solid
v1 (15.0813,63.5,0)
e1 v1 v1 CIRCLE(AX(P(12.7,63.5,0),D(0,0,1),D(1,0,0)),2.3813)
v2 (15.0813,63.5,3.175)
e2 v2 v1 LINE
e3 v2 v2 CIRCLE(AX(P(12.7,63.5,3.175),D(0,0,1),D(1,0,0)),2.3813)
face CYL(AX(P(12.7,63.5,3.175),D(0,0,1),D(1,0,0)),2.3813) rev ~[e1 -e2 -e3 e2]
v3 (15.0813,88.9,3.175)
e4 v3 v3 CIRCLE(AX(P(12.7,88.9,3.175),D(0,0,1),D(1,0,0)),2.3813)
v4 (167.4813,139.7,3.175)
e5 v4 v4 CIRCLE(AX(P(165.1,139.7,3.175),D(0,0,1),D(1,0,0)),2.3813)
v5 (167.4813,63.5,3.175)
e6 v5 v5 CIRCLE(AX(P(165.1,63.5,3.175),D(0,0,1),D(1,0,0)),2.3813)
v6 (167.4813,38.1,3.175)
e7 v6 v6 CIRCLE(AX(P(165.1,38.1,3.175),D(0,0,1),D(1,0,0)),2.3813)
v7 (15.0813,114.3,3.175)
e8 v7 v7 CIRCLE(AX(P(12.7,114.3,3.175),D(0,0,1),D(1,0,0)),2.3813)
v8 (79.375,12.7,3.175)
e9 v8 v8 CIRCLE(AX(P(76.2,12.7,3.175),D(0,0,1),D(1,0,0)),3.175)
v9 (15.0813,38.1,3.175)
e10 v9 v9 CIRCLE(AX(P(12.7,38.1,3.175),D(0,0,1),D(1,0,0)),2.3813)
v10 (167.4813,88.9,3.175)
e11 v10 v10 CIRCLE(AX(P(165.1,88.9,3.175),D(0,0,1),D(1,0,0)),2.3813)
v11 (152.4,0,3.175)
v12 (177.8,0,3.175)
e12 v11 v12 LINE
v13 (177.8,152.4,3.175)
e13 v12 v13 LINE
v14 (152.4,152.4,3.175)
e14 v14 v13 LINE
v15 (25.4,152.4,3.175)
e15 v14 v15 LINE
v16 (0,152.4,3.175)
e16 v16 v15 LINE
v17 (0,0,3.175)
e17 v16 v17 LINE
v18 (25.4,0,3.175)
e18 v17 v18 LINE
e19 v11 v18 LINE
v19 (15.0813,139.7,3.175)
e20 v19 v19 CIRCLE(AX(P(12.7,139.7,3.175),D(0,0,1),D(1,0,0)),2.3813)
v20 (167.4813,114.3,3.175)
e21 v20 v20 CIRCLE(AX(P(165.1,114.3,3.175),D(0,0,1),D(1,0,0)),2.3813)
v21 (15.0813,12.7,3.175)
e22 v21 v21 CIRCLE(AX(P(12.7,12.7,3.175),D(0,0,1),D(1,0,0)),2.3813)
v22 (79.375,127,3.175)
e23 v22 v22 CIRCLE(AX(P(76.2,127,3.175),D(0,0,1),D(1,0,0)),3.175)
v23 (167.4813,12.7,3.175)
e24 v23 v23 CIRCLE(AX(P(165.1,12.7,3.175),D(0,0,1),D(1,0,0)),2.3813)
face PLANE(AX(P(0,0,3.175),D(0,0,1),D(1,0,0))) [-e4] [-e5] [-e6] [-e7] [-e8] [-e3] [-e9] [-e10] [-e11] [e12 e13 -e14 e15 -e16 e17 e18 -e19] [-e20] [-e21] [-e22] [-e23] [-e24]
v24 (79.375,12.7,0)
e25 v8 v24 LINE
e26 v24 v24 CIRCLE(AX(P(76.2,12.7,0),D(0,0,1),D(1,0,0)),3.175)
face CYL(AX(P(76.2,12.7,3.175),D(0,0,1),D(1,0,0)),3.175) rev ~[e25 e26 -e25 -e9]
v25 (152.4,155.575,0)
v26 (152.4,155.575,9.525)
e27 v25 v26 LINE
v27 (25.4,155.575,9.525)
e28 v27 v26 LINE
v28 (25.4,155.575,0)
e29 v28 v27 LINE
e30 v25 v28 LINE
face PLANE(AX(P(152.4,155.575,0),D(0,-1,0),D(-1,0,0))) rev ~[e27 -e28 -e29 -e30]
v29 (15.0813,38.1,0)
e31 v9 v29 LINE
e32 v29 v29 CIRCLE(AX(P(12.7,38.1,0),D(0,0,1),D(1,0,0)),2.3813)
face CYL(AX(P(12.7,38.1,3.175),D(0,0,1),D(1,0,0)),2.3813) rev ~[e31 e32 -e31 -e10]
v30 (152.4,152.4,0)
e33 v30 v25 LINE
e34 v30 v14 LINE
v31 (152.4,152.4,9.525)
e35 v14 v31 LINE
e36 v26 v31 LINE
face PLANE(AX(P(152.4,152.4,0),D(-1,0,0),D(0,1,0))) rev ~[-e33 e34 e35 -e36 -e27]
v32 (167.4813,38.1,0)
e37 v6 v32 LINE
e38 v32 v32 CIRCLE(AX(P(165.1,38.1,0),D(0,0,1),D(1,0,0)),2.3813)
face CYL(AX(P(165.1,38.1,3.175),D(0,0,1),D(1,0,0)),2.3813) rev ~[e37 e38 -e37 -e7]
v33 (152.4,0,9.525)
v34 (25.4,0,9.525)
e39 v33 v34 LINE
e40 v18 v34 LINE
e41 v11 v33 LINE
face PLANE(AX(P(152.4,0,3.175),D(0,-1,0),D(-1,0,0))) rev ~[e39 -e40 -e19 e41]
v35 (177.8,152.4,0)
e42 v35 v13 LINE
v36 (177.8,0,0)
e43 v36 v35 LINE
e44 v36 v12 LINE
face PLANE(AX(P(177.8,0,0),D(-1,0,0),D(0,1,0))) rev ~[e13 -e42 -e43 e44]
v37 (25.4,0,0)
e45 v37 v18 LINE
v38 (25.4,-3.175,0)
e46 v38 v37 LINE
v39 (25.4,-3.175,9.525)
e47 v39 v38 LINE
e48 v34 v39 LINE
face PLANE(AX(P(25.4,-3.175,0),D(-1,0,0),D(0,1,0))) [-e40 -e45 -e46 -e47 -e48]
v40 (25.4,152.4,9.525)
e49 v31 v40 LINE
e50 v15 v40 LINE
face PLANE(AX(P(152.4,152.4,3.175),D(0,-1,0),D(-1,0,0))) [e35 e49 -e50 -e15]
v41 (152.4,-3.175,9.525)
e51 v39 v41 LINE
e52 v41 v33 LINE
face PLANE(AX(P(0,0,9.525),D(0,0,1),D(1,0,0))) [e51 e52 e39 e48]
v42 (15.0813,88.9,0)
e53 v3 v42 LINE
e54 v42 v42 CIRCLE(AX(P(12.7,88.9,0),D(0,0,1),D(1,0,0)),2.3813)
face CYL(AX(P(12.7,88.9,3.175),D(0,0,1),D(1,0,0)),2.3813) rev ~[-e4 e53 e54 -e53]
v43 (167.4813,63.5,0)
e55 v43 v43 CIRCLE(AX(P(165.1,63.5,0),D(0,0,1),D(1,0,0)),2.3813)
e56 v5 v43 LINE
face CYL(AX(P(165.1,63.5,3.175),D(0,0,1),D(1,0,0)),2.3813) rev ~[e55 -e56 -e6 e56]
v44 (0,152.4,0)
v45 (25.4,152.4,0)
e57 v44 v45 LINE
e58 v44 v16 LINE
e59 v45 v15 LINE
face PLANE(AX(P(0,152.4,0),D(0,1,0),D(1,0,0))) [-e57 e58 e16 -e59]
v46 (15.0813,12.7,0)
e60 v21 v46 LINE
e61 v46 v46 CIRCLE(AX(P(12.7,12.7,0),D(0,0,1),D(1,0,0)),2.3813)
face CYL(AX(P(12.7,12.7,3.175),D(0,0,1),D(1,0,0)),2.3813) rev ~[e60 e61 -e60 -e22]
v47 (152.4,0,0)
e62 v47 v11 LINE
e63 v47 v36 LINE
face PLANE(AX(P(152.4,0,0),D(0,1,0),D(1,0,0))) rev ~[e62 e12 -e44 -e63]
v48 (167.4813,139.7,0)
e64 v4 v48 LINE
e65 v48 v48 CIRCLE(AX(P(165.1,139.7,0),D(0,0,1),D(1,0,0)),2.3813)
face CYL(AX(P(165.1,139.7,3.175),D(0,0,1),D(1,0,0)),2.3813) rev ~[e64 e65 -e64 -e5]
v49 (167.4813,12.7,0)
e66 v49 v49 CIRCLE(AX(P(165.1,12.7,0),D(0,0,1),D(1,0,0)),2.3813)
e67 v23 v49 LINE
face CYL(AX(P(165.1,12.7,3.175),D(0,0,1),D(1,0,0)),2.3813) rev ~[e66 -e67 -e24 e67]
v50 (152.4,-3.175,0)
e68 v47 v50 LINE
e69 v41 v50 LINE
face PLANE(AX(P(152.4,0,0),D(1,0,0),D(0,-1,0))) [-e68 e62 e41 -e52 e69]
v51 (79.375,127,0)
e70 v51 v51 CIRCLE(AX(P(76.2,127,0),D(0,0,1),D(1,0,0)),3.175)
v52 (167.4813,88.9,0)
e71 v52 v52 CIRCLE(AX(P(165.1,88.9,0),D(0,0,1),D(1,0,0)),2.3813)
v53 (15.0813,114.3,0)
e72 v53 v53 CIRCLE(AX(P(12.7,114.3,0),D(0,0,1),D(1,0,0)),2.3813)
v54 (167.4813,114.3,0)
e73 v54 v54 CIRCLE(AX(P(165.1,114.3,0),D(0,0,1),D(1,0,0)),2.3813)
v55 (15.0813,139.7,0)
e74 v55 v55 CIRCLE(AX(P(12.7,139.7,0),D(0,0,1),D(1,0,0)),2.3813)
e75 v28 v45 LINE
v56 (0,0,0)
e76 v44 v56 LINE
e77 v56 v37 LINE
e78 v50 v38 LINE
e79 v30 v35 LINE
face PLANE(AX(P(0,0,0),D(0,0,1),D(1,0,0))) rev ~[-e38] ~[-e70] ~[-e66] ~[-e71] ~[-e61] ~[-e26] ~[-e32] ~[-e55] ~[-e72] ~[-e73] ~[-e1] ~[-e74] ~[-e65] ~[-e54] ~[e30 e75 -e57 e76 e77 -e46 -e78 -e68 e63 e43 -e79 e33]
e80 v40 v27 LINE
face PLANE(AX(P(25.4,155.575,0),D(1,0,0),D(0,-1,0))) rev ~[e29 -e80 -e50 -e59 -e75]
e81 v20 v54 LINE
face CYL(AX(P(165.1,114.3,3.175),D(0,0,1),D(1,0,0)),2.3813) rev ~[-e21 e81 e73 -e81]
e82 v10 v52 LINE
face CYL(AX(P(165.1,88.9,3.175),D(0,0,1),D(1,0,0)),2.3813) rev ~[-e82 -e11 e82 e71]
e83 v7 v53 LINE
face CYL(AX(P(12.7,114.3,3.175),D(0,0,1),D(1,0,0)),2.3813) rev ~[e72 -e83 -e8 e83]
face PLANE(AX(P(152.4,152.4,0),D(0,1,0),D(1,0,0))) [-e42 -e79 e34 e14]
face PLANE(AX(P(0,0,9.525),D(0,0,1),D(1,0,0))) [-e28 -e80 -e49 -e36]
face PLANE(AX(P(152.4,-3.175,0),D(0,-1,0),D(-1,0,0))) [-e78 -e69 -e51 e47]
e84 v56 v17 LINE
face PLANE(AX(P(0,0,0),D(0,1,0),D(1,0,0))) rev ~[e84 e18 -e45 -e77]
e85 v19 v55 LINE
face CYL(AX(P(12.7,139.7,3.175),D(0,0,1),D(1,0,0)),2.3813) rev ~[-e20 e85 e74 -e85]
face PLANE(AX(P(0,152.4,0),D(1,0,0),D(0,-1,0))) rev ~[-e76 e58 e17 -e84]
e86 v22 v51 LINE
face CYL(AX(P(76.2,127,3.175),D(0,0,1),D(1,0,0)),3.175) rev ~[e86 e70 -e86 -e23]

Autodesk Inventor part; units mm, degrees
ref_plane "YZ Plane" through (0, 0, 0) normal (1, 0, 0) x (0, 1, 0)
ref_plane "XZ Plane" through (0, 0, 0) normal (0, 1, 0) x (-1, 0, 0)
ref_plane "XY Plane" through (0, 0, 0) normal (0, 0, 1) x (1, 0, 0)
sketch "Sketch1" plane through (0, 0, 0) normal (0, 0, 1) x (1, 0, 0)
  line L0 (177.8, 0) -> (177.8, 152.4)
  line L1 (0, 152.4) -> (0, 0)
  line L2 (152.4, 152.4) -> (152.4, 155.575)
  line L3 (152.4, 155.575) -> (25.4, 155.575)
  line L4 (25.4, 155.575) -> (25.4, 152.4)
  line L5 (0, 152.4) -> (25.4, 152.4)
  line L6 (152.4, 152.4) -> (177.8, 152.4)
  line L7 (152.4, 0) -> (152.4, -3.175)
  line L8 (152.4, -3.175) -> (25.4, -3.175)
  line L9 (25.4, -3.175) -> (25.4, 0)
  line L10 (0, 0) -> (25.4, 0)
  line L11 (152.4, 0) -> (177.8, 0)
  dimension "d0" = 152.4
  dimension "d1" = 177.8
  dimension "d18" = 25.4
  dimension "d19" = 25.4
  dimension "d20" = 3.175
extrude "Extrusion3" add sketch "Sketch1" along normal blind 3.175
sketch "Sketch2" plane through (0, 0, 3.175) normal (0, 0, 1) x (1, 0, 0)
  line L0 (0, 152.4) -> (25.4, 152.4) projected
  line L1 (0, 0) -> (0, 152.4) projected
  line L2 (25.4, 0) -> (0, 0) projected
  line L3 (177.8, 0) -> (152.4, 0) projected
  line L4 (152.4, 152.4) -> (177.8, 152.4) projected
  line L5 (25.4, 152.4) -> (25.4, 155.575) projected
  line L6 (12.7, 152.4) -> (12.7, 139.7) construction
  line L7 (12.7, 139.7) -> (12.7, 114.3) construction
  line L8 (12.7, 114.3) -> (12.7, 88.9) construction
  line L9 (12.7, 88.9) -> (12.7, 63.5) construction
  line L10 (12.7, 63.5) -> (12.7, 38.1) construction
  line L11 (12.7, 38.1) -> (12.7, 12.7) construction
  line L12 (12.7, 12.7) -> (12.7, 0) construction
  circle A0 centre (12.7, 139.7) radius 2.3813
  circle A1 centre (12.7, 114.3) radius 2.3813
  circle A2 centre (12.7, 88.9) radius 2.3813
  circle A3 centre (12.7, 63.5) radius 2.3813
  circle A4 centre (12.7, 38.1) radius 2.3813
  circle A5 centre (12.7, 12.7) radius 2.3813
  line L13 (165.1, 152.4) -> (165.1, 139.7) construction
  line L14 (165.1, 139.7) -> (165.1, 114.3) construction
  line L15 (165.1, 114.3) -> (165.1, 88.9) construction
  line L16 (165.1, 88.9) -> (165.1, 63.5) construction
  line L17 (165.1, 63.5) -> (165.1, 38.1) construction
  line L18 (165.1, 38.1) -> (165.1, 12.7) construction
  line L19 (165.1, 12.7) -> (165.1, 0) construction
  circle A6 centre (165.1, 139.7) radius 2.3813
  circle A7 centre (165.1, 114.3) radius 2.3813
  circle A8 centre (165.1, 88.9) radius 2.3813
  circle A9 centre (165.1, 63.5) radius 2.3813
  circle A10 centre (165.1, 38.1) radius 2.3813
  circle A11 centre (165.1, 12.7) radius 2.3813
  dimension "d26" = 12.7
  dimension "d27" = 25.4
  dimension "d28" = 4.7625
  dimension "d29" = 12.7
  dimension "d30" = 25.4
  dimension "d31" = 4.7625
extrude "Extrusion4" cut sketch "Sketch2" against normal up to next
sketch "Sketch3" plane through (0, 0, 3.175) normal (0, 0, 1) x (1, 0, 0)
  line L0 (0, 0) -> (0, 152.4) projected
  line L1 (25.4, 0) -> (0, 0) projected
  circle A0 centre (76.2, 127) radius 3.175
  circle A1 centre (76.2, 12.7) radius 3.175
  dimension "d34" = 76.2
  dimension "d35" = 76.2
  dimension "d36" = 114.3
  dimension "d37" = 12.7
  dimension "d38" = 6.35
  dimension "d39" = 6.35
extrude "Extrusion5" cut sketch "Sketch3" against normal up to next
sketch "Sketch5" plane through (0, 0, 3.175) normal (0, 0, 1) x (1, 0, 0)
  line L0 (25.4, 155.575) -> (152.4, 155.575)
  line L1 (152.4, 155.575) -> (152.4, 152.4)
  line L2 (152.4, 152.4) -> (25.4, 152.4)
  line L3 (25.4, 152.4) -> (25.4, 155.575)
  line L4 (25.4, -3.175) -> (152.4, -3.175)
  line L5 (152.4, -3.175) -> (152.4, 0)
  line L6 (152.4, 0) -> (25.4, 0)
  line L7 (25.4, 0) -> (25.4, -3.175)
extrude "Extrusion7" add sketch "Sketch5" along normal blind 6.35
properties part number "DriveTrain_MotorMount" material "Aluminum-6061"
